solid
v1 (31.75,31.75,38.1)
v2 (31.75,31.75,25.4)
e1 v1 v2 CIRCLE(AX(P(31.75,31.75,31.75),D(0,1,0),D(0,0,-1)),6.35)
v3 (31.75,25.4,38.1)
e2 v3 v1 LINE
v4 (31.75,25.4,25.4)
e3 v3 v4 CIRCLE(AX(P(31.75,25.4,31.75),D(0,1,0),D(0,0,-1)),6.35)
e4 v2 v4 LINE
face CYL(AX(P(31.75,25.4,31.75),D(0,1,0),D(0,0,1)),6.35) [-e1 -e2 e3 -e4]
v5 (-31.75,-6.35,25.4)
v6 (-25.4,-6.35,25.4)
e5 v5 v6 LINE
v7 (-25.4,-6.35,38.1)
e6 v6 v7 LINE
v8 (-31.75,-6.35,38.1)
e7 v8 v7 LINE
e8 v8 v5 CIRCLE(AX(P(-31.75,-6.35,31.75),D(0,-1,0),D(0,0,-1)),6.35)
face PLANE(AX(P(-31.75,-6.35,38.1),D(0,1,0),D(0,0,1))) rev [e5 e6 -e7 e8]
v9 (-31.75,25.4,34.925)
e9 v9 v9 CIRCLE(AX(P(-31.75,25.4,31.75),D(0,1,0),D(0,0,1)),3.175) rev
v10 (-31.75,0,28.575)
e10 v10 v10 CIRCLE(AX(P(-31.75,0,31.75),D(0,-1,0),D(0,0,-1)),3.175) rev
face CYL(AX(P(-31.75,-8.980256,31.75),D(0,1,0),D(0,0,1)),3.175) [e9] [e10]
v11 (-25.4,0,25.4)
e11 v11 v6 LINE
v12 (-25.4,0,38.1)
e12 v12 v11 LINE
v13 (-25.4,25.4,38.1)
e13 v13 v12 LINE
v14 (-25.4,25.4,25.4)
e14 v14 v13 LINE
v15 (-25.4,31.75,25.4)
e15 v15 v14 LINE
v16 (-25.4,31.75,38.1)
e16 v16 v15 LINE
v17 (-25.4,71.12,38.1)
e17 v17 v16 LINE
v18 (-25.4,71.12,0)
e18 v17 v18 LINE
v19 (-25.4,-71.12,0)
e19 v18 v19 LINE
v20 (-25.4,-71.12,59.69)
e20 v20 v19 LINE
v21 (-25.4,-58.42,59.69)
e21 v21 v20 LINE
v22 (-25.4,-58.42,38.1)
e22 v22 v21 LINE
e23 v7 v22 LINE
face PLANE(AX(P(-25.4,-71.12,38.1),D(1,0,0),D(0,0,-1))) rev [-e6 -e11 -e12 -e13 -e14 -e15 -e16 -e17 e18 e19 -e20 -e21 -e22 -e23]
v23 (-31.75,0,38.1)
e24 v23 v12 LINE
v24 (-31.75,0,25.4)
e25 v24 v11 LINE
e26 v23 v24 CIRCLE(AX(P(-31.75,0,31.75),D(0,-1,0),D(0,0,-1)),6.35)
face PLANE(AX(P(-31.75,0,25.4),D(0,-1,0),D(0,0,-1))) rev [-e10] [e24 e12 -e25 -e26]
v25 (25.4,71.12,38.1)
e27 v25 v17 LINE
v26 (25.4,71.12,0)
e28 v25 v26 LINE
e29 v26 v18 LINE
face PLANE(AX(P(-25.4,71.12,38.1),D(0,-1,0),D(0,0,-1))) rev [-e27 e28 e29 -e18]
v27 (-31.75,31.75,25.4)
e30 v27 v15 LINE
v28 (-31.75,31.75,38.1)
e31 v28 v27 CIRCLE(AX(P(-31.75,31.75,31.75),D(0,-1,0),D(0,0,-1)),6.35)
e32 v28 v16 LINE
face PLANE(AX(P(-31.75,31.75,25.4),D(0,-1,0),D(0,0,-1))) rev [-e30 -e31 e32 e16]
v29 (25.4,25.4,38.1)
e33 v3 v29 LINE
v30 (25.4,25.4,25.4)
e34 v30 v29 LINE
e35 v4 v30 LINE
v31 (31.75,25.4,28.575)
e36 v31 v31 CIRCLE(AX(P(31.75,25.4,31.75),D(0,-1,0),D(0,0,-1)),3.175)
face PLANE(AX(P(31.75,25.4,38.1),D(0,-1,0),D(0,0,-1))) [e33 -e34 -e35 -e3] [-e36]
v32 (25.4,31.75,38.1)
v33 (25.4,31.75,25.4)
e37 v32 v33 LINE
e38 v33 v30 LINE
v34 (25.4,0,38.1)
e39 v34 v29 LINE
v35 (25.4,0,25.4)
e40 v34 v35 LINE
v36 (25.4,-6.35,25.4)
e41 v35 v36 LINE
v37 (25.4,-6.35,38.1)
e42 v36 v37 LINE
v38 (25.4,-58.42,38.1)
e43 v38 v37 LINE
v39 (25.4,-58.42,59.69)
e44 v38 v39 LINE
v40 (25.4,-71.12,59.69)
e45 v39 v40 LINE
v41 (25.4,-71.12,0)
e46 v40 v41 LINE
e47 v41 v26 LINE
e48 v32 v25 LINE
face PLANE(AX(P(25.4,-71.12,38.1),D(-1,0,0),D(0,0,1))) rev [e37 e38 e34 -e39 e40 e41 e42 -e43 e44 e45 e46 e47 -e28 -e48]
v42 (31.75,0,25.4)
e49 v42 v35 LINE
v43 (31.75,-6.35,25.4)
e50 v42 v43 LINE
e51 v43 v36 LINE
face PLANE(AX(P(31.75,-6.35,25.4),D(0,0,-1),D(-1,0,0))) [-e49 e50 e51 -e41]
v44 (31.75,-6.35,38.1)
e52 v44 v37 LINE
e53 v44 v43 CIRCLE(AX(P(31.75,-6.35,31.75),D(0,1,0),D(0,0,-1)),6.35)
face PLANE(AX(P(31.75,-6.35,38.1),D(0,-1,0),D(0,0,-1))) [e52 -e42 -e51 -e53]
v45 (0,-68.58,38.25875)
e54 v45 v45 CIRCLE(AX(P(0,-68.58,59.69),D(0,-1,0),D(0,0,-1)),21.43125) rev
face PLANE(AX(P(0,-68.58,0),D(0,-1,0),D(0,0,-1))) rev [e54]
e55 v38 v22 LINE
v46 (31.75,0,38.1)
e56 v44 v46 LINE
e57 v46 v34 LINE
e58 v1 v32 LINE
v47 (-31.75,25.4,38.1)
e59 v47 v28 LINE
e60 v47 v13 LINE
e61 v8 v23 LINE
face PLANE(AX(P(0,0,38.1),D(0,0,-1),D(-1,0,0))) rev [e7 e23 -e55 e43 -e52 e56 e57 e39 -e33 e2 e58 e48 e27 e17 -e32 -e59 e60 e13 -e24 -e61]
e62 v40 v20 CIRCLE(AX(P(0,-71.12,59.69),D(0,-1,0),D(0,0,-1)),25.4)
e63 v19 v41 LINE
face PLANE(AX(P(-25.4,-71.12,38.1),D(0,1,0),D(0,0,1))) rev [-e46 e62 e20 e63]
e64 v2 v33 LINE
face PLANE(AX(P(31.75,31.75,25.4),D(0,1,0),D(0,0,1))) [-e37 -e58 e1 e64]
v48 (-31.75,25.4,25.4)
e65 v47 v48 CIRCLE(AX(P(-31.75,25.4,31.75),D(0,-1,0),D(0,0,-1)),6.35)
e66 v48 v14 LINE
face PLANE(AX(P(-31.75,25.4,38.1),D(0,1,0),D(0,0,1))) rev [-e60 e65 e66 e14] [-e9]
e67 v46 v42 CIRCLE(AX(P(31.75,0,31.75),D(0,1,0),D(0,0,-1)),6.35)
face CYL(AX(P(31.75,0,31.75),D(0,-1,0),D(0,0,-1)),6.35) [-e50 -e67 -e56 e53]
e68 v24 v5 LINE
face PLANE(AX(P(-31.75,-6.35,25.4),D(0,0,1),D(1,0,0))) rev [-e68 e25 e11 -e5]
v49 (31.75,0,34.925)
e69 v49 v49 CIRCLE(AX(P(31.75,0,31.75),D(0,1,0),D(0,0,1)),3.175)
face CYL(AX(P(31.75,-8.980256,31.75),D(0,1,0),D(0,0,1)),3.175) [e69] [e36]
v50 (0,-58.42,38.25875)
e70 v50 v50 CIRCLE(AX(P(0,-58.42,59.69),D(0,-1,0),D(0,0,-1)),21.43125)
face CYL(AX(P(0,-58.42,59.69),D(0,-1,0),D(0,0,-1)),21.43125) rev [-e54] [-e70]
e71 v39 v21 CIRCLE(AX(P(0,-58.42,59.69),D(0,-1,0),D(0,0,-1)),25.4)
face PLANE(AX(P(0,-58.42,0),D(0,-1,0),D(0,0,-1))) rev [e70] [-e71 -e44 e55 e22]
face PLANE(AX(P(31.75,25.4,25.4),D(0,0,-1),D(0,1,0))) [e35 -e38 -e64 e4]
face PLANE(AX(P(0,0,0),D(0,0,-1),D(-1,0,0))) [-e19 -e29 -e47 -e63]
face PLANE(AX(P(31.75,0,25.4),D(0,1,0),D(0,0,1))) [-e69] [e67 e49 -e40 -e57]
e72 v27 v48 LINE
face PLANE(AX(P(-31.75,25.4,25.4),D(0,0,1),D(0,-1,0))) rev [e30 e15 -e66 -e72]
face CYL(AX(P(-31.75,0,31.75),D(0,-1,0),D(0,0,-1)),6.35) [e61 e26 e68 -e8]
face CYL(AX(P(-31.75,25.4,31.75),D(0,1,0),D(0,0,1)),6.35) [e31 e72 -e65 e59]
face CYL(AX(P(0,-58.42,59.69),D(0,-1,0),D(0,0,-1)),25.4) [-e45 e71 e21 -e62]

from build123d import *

# Parameters (mm, degrees)
SKETCH1_W            = 50.8
SKETCH1_H            = 142.24
BOSS_EXTRUDE1_DEPTH  = 38.1
SKETCH8_R            = 21.43125
BOSS_EXTRUDE2_DEPTH  = 2.54
SKETCH8_5_R          = 21.43125
BOSS_EXTRUDE9_DEPTH  = 12.7
SKETCH19_W           = 12.7
SKETCH19_H           = 6.35
BOSS_EXTRUDE10_DEPTH = 6.35
BOSS_EXTRUDE11_DEPTH = 6.35
SKETCH23_R           = 3.175
BOSS_EXTRUDE12_DEPTH = 25.4
MIRROR2_COPY_1_DEPTH = 6.35


with BuildPart() as part:
    # Sketch1 → Boss-Extrude1 (new body)
    with BuildSketch(Plane.XY):
        Rectangle(SKETCH1_W, SKETCH1_H)
    extrude(amount=BOSS_EXTRUDE1_DEPTH)



with BuildPart() as body_2:
    # Sketch8 → Boss-Extrude2 (new body)
    with BuildSketch(Plane.XZ.offset(71.12)):
        with BuildLine():
            Line((-25.4, 38.1), (25.4, 38.1))
            Line((25.4, 38.1), (25.4, 59.69))
            ThreePointArc((25.4, 59.69), (0, 85.09), (-25.4, 59.69))
            Line((-25.4, 59.69), (-25.4, 38.1))
        make_face()
        with Locations((0, 59.69)):
            Circle(SKETCH8_R, mode=Mode.SUBTRACT)
        with Locations((0, 59.69)):
            Circle(SKETCH8_R)
    extrude(amount=-BOSS_EXTRUDE2_DEPTH)


with BuildPart() as part_1:
    add(part.part)

    add(body_2.part)  # Boss-Extrude9 merges body 2
    # Sketch8<5> → Boss-Extrude9 (add)
    with BuildSketch(Plane.XZ.offset(71.12)):
        with BuildLine():
            Line((25.4, 38.1), (25.4, 59.69))
            ThreePointArc((25.4, 59.69), (0, 85.09), (-25.4, 59.69))
            Line((-25.4, 59.69), (-25.4, 38.1))
            Line((-25.4, 38.1), (25.4, 38.1))
        make_face()
        with Locations((0, 59.69)):
            Circle(SKETCH8_5_R, mode=Mode.SUBTRACT)
    extrude(amount=-BOSS_EXTRUDE9_DEPTH)

    # Sketch19 → Boss-Extrude10 (add)
    with BuildSketch(Plane.ZY.offset(25.4)):
        with Locations((31.75, 28.575)):
            Rectangle(SKETCH19_W, SKETCH19_H)
        with Locations((31.75, -3.175)):
            Rectangle(SKETCH19_W, SKETCH19_H)
    boss_extrude10 = extrude(amount=BOSS_EXTRUDE10_DEPTH)

    # Sketch20 → Boss-Extrude11 (add)
    with BuildSketch(Plane.XZ.offset(6.35)):
        with BuildLine():
            Line((-31.75, 25.4), (-31.75, 38.1))
            ThreePointArc((-31.75, 38.1), (-38.1, 31.75), (-31.75, 25.4))
        make_face()
    boss_extrude11 = extrude(amount=-BOSS_EXTRUDE11_DEPTH)

    # Mirror1: Boss-Extrude11 across plane
    add(boss_extrude11.mirror(Plane(origin=(0, 12.7, 0), x_dir=(0, 0, 1), z_dir=(0, -1, 0))))

    # Sketch23 → Boss-Extrude12 (add)
    with BuildSketch(Plane.XZ.offset(-25.4)):
        with Locations((-31.75, 31.75)):
            Circle(SKETCH23_R)
    boss_extrude12 = extrude(amount=BOSS_EXTRUDE12_DEPTH)

    # Mirror2: Boss-Extrude12, Boss-Extrude11, Boss-Extrude10 across plane
    add(boss_extrude12.mirror(Plane(origin=(0, 0, 0), x_dir=(0, 0, 1), z_dir=(1, 0, 0))))
    add(boss_extrude11.mirror(Plane(origin=(0, 0, 0), x_dir=(0, 0, 1), z_dir=(1, 0, 0))))
    add(boss_extrude10.mirror(Plane(origin=(0, 0, 0), x_dir=(0, 0, 1), z_dir=(1, 0, 0))))

    # Mirror2 copy 1 sketch → Mirror2 copy 1 (add)
    with BuildSketch(Plane(origin=(0, 31.75, 0), x_dir=(-1, 0, 0), z_dir=(0, 1, 0))):
        with BuildLine():
            Line((-31.75, 25.4), (-31.75, 38.1))
            ThreePointArc((-31.75, 38.1), (-38.1, 31.75), (-31.75, 25.4))
        make_face()
    extrude(amount=-MIRROR2_COPY_1_DEPTH)


solid = part_1.part
